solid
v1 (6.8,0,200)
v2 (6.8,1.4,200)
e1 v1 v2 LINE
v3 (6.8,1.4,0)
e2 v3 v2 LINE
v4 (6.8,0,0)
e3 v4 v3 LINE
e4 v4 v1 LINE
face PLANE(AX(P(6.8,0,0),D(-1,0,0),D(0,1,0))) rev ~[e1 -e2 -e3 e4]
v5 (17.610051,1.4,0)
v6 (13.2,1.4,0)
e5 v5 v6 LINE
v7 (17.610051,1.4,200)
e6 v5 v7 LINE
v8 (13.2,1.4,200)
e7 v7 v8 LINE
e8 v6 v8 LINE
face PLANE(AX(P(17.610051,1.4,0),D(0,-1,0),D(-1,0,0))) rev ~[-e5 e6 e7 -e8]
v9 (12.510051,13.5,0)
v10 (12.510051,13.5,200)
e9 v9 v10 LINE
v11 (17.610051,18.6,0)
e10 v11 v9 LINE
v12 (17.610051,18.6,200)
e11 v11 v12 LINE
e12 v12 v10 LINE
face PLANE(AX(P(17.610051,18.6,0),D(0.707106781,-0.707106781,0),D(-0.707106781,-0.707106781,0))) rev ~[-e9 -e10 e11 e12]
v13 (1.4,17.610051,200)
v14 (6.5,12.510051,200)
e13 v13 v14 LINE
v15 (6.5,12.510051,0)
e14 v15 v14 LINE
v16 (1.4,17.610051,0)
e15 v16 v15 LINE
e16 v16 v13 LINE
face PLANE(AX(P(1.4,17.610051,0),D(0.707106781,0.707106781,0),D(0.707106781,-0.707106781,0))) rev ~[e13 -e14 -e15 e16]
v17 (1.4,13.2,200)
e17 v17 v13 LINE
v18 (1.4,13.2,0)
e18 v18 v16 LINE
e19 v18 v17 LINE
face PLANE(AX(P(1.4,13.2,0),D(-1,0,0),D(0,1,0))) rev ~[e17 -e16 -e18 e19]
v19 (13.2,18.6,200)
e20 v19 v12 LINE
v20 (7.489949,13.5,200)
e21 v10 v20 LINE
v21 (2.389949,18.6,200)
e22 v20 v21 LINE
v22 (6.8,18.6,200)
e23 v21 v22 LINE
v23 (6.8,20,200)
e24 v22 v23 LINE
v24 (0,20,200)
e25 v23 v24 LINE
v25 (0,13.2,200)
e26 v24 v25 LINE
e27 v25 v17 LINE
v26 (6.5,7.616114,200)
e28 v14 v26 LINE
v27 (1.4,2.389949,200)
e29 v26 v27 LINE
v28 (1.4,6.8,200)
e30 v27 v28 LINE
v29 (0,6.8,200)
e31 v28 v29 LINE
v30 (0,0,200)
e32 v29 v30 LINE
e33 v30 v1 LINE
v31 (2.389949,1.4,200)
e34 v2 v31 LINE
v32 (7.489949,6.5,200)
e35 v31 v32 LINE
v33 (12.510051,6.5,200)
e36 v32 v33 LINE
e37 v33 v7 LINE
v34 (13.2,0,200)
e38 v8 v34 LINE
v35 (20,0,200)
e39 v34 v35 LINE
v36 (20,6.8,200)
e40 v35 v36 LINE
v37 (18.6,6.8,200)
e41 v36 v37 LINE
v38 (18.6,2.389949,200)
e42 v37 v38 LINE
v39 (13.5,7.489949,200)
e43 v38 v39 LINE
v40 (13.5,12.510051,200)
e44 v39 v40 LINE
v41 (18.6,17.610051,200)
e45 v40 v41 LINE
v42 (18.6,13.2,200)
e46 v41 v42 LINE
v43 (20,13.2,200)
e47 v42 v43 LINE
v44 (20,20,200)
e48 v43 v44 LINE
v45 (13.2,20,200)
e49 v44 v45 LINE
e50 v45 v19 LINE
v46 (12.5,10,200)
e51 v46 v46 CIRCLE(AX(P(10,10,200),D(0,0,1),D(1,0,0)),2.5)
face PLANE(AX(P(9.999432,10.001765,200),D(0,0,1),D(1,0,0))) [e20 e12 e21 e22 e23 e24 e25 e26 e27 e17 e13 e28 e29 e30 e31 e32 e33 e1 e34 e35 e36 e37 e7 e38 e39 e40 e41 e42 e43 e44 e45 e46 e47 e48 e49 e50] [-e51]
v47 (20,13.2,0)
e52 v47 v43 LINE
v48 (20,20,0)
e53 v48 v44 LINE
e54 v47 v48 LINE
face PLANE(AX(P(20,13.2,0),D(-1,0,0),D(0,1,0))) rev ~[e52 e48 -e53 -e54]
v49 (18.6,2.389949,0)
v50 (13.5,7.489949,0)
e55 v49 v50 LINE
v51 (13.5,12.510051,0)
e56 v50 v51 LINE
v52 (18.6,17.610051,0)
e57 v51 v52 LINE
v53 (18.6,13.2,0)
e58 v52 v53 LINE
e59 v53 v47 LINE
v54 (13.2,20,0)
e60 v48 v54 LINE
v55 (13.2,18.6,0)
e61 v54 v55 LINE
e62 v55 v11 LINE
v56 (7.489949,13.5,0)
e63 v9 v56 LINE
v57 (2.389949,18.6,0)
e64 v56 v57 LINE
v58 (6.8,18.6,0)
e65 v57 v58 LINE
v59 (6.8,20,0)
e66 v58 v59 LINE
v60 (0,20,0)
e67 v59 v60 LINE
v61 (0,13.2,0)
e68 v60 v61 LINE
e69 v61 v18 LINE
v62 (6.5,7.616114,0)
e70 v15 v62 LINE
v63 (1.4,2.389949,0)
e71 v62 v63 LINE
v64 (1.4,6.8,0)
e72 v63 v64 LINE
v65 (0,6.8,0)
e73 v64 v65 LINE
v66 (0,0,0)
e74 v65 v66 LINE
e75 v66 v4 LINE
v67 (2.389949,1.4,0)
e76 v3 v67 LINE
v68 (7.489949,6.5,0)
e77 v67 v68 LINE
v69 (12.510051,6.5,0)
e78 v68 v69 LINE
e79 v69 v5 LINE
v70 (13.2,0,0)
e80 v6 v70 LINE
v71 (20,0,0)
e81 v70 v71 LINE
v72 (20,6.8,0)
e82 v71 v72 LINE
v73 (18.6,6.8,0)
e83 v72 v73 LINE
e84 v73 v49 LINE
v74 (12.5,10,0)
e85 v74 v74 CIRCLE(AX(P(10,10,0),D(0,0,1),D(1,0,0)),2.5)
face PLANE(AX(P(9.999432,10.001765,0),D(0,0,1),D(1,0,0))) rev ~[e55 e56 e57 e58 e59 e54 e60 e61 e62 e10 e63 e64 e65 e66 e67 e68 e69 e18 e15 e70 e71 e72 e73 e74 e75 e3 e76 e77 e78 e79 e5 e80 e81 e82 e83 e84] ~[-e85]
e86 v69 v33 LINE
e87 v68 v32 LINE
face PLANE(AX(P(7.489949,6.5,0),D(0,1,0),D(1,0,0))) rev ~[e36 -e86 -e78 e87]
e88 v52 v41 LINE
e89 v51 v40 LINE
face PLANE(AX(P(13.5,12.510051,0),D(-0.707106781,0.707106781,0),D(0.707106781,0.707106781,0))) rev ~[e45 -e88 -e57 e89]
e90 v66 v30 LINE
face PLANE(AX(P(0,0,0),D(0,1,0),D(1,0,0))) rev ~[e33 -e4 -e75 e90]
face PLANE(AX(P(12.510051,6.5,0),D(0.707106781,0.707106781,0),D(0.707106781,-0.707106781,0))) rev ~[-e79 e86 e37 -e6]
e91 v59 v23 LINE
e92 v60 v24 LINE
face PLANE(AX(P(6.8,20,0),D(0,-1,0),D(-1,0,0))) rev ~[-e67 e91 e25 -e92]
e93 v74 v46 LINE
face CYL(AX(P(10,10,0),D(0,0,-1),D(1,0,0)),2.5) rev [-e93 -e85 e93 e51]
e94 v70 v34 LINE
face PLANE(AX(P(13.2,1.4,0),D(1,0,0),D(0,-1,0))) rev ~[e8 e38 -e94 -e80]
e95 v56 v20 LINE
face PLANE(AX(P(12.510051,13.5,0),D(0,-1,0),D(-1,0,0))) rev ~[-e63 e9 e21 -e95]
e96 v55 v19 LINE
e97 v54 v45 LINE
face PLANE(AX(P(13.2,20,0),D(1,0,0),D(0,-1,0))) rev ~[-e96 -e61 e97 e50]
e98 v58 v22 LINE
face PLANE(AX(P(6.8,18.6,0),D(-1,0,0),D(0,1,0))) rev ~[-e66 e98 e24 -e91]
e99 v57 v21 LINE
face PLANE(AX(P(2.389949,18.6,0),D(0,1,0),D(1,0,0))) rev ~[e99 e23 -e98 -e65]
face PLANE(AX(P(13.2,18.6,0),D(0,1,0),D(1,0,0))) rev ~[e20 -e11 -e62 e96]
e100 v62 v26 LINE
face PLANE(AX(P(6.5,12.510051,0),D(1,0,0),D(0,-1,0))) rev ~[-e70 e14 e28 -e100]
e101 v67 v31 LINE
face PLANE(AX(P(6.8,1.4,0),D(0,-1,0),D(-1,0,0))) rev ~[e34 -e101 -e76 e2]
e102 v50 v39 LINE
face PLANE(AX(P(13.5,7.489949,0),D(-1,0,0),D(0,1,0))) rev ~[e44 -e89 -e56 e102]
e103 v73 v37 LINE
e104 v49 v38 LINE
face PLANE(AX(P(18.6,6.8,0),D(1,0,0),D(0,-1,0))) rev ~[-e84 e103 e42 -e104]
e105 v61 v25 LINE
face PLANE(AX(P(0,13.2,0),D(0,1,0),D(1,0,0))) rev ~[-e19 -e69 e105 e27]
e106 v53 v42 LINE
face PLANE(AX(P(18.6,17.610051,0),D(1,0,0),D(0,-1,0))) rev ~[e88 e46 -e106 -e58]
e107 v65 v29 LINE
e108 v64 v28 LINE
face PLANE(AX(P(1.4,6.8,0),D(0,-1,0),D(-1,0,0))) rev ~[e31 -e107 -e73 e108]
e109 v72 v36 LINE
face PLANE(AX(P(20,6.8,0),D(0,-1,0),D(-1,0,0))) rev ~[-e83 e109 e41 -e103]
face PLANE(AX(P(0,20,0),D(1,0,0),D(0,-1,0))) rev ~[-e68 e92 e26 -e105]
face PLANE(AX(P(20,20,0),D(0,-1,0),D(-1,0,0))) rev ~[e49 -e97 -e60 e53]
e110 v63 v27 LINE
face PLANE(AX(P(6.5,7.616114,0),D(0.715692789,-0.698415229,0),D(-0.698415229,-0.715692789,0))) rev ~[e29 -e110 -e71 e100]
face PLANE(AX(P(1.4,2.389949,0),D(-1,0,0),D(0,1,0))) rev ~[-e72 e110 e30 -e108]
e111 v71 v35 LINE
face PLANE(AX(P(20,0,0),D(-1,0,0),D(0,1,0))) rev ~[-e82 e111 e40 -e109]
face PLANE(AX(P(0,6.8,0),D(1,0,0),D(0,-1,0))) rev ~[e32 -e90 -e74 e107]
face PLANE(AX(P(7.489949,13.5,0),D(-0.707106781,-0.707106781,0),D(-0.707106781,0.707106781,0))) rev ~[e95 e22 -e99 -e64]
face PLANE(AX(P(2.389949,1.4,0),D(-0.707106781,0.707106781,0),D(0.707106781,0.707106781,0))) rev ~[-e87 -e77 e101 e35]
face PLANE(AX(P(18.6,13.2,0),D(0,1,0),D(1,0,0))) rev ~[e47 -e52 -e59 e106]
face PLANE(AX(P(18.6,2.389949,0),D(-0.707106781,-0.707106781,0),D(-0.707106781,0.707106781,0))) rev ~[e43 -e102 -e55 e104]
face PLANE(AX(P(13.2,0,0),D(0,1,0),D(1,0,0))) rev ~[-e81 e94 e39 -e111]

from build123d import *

# Parameters (mm, degrees)
F0_R     = 2.5
F1_DEPTH = 200


with BuildPart() as f1:
    # F0 (on Top) → F1 (new body)
    with BuildSketch(Plane.XY):
        Polygon((6.5, 7.616114), (1.4, 2.389949), (1.4, 6.8), (0, 6.8), (0, 0), (6.8, 0), (6.8, 1.4), (2.389949, 1.4), (7.489949, 6.5), (12.510051, 6.5), (17.610051, 1.4), (13.2, 1.4), (13.2, 0), (20, 0), (20, 6.8), (18.6, 6.8), (18.6, 2.389949), (13.5, 7.489949), (13.5, 12.510051), (18.6, 17.610051), (18.6, 13.2), (20, 13.2), (20, 20), (13.2, 20), (13.2, 18.6), (17.610051, 18.6), (12.510051, 13.5), (7.489949, 13.5), (2.389949, 18.6), (6.8, 18.6), (6.8, 20), (0, 20), (0, 13.2), (1.4, 13.2), (1.4, 17.610051), (6.5, 12.510051), align=None)
        with Locations((10, 10)):
            Circle(F0_R, mode=Mode.SUBTRACT)
    extrude(amount=F1_DEPTH)


solid = f1.part
